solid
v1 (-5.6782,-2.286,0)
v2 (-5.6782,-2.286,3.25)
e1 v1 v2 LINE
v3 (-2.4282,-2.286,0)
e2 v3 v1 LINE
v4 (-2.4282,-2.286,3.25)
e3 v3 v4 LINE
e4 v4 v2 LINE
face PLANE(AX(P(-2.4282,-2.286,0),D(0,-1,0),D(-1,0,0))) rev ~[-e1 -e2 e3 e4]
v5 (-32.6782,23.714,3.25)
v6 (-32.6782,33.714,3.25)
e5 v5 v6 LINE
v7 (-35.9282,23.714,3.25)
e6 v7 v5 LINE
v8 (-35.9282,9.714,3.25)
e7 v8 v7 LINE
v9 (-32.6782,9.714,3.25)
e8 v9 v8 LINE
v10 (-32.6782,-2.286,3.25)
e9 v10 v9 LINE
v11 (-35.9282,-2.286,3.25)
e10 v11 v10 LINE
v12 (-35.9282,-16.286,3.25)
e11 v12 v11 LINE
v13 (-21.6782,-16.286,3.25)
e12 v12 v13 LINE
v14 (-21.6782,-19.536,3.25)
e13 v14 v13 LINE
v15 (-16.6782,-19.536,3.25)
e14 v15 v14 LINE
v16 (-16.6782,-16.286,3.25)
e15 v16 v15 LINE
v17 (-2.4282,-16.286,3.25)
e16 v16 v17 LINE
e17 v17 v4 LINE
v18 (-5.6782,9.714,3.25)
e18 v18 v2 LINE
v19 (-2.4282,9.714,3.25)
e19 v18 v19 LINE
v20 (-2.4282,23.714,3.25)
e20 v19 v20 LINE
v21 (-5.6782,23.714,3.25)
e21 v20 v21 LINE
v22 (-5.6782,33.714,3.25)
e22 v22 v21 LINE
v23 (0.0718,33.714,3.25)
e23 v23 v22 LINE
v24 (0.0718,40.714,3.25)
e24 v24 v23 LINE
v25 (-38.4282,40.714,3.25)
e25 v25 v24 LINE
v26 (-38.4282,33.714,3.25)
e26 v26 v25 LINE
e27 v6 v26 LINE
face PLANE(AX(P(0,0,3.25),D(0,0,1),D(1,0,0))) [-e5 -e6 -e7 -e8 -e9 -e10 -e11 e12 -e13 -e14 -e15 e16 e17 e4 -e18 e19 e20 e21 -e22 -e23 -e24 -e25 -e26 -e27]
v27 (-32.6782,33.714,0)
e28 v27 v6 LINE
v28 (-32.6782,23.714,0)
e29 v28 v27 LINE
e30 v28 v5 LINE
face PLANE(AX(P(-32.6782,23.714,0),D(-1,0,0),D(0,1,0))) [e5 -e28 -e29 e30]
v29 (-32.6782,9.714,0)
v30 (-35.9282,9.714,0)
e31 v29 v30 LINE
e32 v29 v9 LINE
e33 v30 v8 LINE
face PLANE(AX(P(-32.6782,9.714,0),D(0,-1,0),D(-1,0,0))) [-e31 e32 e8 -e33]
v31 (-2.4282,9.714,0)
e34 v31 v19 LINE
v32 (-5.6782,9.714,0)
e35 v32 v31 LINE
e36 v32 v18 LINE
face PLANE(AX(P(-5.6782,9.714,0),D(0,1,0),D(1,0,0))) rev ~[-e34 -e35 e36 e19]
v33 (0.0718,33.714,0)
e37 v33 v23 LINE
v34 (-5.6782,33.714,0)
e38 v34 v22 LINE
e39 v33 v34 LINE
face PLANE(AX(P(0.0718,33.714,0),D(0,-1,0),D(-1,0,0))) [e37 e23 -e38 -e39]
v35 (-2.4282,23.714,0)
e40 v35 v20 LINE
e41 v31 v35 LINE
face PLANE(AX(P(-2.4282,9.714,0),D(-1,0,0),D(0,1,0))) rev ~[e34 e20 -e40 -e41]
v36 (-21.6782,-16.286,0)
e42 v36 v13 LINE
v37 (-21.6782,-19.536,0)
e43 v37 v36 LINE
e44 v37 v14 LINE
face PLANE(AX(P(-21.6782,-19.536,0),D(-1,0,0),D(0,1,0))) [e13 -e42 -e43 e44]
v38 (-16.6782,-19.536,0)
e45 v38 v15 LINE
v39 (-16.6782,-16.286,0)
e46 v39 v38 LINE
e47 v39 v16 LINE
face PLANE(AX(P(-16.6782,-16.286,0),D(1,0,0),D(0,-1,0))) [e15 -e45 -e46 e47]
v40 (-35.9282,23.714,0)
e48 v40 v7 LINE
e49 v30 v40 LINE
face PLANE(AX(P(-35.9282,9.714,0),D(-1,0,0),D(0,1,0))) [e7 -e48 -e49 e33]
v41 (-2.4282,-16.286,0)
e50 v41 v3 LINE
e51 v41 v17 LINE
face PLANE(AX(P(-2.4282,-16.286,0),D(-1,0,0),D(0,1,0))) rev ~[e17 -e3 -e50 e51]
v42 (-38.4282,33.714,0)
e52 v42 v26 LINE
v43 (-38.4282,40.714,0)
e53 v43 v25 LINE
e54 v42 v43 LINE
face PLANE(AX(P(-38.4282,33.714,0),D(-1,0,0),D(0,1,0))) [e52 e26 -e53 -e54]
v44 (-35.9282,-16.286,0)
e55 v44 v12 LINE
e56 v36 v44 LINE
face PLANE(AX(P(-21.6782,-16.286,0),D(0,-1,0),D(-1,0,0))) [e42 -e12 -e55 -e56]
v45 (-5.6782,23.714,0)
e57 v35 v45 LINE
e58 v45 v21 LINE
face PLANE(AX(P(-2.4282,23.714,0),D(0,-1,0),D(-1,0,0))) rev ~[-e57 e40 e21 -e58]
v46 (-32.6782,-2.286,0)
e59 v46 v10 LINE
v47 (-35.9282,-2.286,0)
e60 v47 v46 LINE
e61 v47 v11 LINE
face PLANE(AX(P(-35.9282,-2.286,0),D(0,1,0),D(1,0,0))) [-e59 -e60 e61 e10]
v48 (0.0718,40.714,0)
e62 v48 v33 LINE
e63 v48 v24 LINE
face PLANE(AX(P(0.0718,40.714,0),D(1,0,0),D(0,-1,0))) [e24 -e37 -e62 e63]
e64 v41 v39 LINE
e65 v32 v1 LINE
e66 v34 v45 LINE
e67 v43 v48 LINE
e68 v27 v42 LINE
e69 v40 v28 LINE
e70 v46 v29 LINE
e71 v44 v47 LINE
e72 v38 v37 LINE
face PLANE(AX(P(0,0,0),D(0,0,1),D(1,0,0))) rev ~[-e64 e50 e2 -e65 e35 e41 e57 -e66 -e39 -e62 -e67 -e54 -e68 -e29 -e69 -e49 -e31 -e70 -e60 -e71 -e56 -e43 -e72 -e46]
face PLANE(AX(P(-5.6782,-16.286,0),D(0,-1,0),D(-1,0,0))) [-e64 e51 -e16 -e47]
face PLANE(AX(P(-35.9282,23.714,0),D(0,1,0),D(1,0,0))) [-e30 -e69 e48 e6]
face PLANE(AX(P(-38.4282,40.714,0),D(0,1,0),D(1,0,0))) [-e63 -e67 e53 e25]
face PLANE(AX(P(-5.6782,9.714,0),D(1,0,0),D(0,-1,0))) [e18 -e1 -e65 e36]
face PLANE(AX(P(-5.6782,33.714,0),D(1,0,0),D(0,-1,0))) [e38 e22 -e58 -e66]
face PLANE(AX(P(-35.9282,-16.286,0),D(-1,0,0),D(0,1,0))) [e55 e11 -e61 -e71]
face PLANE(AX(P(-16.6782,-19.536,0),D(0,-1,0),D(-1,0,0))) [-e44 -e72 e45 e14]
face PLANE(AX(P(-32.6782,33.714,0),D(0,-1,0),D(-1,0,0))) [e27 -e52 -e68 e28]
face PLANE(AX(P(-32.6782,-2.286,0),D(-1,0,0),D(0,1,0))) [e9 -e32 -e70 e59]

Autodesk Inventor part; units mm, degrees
ref_plane "YZ Plane" through (0, 0, 0) normal (1, 0, 0) x (0, 1, 0)
ref_plane "XZ Plane" through (0, 0, 0) normal (0, 1, 0) x (-1, 0, 0)
ref_plane "XY Plane" through (0, 0, 0) normal (0, 0, 1) x (1, 0, 0)
sketch "Block1" plane through (0, 0, 0) normal (0, 0, 1) x (1, 0, 0)
  circle A0 centre (74.029, 24.2723) radius 1
  line L0 (49.279, 30.4723) -> (71.779, 30.4723)
  line L1 (71.779, 30.4723) -> (71.779, 18.0723)
  line L2 (71.779, 18.0723) -> (49.279, 18.0723)
  line L3 (49.279, 18.0723) -> (49.279, 30.4723)
  line L4 (49.279, 30.4723) -> (44.779, 30.4723)
  line L5 (44.779, 30.4723) -> (44.779, 18.0723)
  line L6 (44.779, 18.0723) -> (49.279, 18.0723)
  line L7 (49.279, 18.0723) -> (49.279, 30.4723)
  line L8 (71.779, 30.4723) -> (76.279, 30.4723)
  line L9 (76.279, 30.4723) -> (76.279, 18.0723)
  line L10 (76.279, 18.0723) -> (71.779, 18.0723)
  line L11 (71.779, 18.0723) -> (71.779, 30.4723)
  line L12 (44.779, 24.2723) -> (76.279, 24.2723) construction
  line L13 (47.029, 30.4723) -> (47.029, 18.0723) construction
  circle A1 centre (47.029, 24.2723) radius 1
  line L14 (74.029, 30.4723) -> (74.029, 18.0723) construction
  point P0 (60.979, 24.0984)
  dimension "d7" = 22.5
  dimension "d8" = 12.4
  dimension "d9" = 4.5
  dimension "d10" = 4.5
  dimension "d11" = 2
  dimension "d12" = 2
sketch "Sketch1" plane through (0, 0, 0) normal (0, 0, 1) x (1, 0, 0)
  line L0 (-38.4282, 40.714) -> (0.0718, 40.714)
  line L1 (0.0718, 40.714) -> (0.0718, 33.714)
  line L2 (0.0718, 33.714) -> (-38.4282, 33.714)
  line L3 (-38.4282, 33.714) -> (-38.4282, 40.714)
  line L4 (-92.7646, -8.503) -> (-89.7646, -8.503)
  line L5 (-89.7646, -8.503) -> (-89.7646, -11.753)
  line L6 (-89.7646, -11.753) -> (-92.7646, -11.753)
  line L7 (-92.7646, -11.753) -> (-92.7646, -8.503)
  line L8 (-92.7646, -21.6527) -> (-89.7646, -21.6527)
  line L9 (-89.7646, -21.6527) -> (-89.7646, -21.7527)
  line L10 (-89.7646, -21.7527) -> (-92.7646, -21.7527)
  line L11 (-92.7646, -21.7527) -> (-92.7646, -21.6527)
  line L12 (-32.6782, 33.714) -> (-5.6782, 33.714)
  line L13 (-5.6782, 33.714) -> (-5.6782, -16.286)
  line L14 (-5.6782, -16.286) -> (-32.6782, -16.286)
  line L15 (-32.6782, -16.286) -> (-32.6782, 33.714)
  line L16 (-19.1782, 40.714) -> (-19.1782, 33.714) construction
  line L17 (-19.1782, -16.286) -> (-19.1782, 33.714) construction
  line L18 (-35.9282, 23.714) -> (-32.6782, 23.714)
  line L19 (-32.6782, 23.714) -> (-32.6782, 9.714)
  line L20 (-32.6782, 9.714) -> (-35.9282, 9.714)
  line L21 (-35.9282, 9.714) -> (-35.9282, 23.714)
  line L22 (-2.4282, 23.714) -> (-5.6782, 23.714)
  line L23 (-5.6782, 23.714) -> (-5.6782, 9.714)
  line L24 (-5.6782, 9.714) -> (-2.4282, 9.714)
  line L25 (-2.4282, 9.714) -> (-2.4282, 23.714)
  line L26 (-35.9282, -2.286) -> (-32.6782, -2.286)
  line L27 (-32.6782, -2.286) -> (-32.6782, -16.286)
  line L28 (-32.6782, -16.286) -> (-35.9282, -16.286)
  line L29 (-35.9282, -16.286) -> (-35.9282, -2.286)
  line L30 (-2.4282, -2.286) -> (-5.6782, -2.286)
  line L31 (-5.6782, -2.286) -> (-5.6782, -16.286)
  line L32 (-5.6782, -16.286) -> (-2.4282, -16.286)
  line L33 (-2.4282, -16.286) -> (-2.4282, -2.286)
  line L34 (-21.6782, -16.286) -> (-16.6782, -16.286)
  line L35 (-16.6782, -16.286) -> (-16.6782, -19.536)
  line L36 (-16.6782, -19.536) -> (-21.6782, -19.536)
  line L37 (-21.6782, -19.536) -> (-21.6782, -16.286)
  line L38 (-19.1782, -16.286) -> (-19.1782, -19.536) construction
  point P0 (0, 0)
  dimension "d0" = 3
  dimension "mat" = 3.25
  dimension "d2" = 3
  dimension "d3" = 0.1
  dimension "d4" = 38.5
  dimension "d6" = 7
  dimension "d17" = 27
  dimension "d20" = 50
  dimension "d23" = 3.25
  dimension "d24" = 14
  dimension "d25" = 10
  dimension "d26" = 3.25
  dimension "d27" = 14
  dimension "d28" = 5
  dimension "d29" = 3.25
extrude "Extrusion2" add sketch "Sketch1" along normal blind 3.25 contours L0 L1 L2 L3 | L2 L13 L14 L15 | L15 L20 L21 L18 | L22 L25 L24 L13 | L15 L28 L29 L26 | L30 L33 L32 L13 | L14 L35 L36 L37
equation "\"d23\" = mat"
equation "\"d26\" = mat"
equation "\"d29\" = mat"
equation "\"d30\" = mat"
properties part number "arm-servo"
